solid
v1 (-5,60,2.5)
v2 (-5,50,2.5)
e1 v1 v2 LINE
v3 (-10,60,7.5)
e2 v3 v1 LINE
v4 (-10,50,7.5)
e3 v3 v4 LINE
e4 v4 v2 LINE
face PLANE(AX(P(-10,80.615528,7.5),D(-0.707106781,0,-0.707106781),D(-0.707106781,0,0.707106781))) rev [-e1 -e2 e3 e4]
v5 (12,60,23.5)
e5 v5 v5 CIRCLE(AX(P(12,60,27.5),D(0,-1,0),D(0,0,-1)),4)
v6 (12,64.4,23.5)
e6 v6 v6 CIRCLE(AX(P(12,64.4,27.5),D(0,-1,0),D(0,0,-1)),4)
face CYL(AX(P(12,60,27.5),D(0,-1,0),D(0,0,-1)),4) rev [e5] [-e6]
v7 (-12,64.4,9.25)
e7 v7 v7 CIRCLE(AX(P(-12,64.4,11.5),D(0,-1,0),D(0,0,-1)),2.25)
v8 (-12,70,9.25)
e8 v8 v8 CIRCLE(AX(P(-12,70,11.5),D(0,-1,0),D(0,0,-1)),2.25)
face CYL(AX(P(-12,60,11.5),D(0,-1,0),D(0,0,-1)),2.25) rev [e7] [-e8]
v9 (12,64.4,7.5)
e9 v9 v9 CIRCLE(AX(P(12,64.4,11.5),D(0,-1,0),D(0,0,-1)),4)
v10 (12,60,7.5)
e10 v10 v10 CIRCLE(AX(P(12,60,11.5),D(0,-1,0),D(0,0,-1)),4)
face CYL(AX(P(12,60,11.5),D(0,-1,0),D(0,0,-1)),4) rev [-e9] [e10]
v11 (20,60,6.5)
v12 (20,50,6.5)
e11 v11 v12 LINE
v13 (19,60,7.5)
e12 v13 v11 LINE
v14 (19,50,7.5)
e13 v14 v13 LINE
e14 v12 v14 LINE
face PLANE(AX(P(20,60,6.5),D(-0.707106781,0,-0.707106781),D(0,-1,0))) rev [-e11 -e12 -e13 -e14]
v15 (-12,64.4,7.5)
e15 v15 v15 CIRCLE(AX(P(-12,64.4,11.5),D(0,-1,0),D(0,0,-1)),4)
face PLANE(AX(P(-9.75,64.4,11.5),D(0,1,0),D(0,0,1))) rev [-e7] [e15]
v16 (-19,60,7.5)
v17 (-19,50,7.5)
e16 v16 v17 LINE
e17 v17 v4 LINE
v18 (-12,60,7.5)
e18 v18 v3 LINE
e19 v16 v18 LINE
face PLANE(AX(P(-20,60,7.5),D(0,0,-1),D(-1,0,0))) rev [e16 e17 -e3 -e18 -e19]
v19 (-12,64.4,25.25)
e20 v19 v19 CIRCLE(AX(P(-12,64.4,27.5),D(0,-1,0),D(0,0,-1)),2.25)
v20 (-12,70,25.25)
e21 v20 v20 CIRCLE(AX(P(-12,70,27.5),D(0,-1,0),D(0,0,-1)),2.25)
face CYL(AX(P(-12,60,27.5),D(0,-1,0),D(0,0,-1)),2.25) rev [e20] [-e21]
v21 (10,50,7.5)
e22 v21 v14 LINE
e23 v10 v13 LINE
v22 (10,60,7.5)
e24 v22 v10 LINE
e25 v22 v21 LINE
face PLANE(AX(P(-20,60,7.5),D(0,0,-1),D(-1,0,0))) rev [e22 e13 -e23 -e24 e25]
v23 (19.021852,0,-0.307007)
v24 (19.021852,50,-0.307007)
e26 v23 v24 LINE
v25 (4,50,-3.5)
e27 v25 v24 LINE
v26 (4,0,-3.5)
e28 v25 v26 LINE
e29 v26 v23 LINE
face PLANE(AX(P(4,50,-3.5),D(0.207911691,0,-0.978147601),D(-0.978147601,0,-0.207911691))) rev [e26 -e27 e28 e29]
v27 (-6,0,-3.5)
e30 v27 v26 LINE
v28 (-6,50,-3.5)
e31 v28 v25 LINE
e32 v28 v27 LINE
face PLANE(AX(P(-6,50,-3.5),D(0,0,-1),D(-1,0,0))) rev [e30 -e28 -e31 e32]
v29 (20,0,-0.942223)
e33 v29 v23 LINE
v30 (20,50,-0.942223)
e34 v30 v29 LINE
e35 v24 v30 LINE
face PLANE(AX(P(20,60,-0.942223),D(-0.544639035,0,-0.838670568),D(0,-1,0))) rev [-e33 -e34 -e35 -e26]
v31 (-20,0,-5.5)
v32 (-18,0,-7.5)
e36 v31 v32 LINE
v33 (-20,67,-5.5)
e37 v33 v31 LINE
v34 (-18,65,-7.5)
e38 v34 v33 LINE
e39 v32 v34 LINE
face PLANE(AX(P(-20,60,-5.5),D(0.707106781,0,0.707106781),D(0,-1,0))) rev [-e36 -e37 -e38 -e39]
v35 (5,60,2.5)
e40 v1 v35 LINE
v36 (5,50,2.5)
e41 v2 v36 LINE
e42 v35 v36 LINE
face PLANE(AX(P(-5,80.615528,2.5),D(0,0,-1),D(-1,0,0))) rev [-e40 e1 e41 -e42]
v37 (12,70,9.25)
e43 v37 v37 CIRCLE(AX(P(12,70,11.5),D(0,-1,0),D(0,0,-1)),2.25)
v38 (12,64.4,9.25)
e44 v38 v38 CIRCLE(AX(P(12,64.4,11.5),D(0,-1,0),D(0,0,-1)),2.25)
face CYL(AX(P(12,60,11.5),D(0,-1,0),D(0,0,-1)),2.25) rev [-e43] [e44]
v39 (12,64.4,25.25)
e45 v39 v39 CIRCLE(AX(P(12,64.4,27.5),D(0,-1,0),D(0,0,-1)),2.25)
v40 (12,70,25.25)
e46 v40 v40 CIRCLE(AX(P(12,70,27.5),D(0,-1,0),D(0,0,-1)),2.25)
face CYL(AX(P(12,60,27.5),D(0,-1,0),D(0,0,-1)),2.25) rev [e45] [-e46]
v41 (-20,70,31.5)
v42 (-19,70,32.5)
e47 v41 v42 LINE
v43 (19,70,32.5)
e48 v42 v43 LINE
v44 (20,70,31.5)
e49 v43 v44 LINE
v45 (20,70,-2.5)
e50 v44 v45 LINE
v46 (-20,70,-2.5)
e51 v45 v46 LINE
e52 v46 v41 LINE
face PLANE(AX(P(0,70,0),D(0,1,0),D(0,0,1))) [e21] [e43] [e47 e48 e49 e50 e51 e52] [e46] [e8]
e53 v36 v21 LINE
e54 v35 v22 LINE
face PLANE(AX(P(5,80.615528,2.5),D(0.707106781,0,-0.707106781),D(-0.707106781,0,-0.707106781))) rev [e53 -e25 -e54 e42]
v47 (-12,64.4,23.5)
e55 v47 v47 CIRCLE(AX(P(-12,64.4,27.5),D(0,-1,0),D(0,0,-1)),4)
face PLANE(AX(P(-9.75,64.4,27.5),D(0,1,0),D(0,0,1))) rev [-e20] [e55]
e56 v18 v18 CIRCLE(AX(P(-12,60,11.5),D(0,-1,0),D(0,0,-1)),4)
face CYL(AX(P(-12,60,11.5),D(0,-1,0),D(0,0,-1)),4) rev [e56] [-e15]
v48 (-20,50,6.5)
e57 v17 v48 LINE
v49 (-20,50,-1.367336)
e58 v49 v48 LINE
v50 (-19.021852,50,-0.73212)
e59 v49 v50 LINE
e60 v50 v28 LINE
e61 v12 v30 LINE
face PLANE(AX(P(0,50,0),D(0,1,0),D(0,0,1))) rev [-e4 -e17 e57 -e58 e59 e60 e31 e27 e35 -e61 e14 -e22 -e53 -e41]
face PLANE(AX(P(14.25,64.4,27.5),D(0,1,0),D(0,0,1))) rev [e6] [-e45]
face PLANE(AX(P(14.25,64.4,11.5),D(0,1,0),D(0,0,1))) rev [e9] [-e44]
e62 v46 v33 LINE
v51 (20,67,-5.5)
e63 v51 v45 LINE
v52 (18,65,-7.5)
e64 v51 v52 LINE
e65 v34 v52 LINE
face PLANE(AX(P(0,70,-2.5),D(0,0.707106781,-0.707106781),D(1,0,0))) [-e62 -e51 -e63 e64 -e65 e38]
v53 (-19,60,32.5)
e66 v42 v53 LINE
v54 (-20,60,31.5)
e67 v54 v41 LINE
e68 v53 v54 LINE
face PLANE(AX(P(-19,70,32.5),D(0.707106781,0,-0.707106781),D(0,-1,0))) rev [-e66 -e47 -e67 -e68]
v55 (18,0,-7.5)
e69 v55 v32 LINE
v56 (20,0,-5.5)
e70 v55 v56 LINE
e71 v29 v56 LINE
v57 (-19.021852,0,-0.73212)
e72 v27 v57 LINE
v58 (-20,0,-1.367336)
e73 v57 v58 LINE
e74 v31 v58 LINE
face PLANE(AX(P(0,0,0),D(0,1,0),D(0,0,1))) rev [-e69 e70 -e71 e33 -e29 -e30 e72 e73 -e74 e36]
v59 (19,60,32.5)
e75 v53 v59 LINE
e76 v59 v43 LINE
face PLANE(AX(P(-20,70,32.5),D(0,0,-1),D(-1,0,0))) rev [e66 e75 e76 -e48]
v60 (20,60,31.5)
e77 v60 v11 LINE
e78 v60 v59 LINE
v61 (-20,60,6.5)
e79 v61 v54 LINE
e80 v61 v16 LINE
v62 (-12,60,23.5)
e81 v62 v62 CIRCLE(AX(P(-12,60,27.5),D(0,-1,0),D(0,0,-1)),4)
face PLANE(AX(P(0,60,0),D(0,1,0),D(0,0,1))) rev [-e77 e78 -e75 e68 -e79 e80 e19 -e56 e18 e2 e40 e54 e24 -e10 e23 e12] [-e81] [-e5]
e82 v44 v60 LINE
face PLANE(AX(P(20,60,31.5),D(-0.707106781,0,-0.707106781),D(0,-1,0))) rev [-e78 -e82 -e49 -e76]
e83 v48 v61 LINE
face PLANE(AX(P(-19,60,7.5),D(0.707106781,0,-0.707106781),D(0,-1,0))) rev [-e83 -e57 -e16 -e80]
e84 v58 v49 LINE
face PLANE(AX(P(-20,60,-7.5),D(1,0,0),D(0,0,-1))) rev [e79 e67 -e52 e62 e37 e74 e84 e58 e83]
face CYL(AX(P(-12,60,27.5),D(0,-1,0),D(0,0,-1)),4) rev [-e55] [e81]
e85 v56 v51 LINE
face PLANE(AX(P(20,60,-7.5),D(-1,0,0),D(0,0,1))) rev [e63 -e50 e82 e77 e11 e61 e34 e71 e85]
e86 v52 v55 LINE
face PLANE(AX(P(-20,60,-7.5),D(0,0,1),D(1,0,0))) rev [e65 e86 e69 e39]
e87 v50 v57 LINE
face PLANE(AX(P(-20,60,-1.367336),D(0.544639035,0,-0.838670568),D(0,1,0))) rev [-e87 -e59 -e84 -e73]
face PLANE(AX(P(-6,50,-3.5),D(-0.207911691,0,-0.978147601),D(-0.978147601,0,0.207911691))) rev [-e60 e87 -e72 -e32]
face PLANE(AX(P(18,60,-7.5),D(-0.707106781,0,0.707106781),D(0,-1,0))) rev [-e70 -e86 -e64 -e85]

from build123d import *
from OCP.BRepFilletAPI import BRepFilletAPI_MakeChamfer

# Parameters (mm, degrees)
SKETCH_1_W                   = 40
SKETCH_1_H                   = 15
EXTRUDE_1_DEPTH              = 60
SKETCH_3_W                   = 40
SKETCH_3_H                   = 40
EXTRUDE_2_DEPTH              = 10
HOLE_WIZARD_M4_1_D           = 4.5
HOLE_WIZARD_M4_1_CBORE_D     = 8
HOLE_WIZARD_M4_1_CBORE_DEPTH = 4.4
CHAMFER_1_SIZE               = 5
CHAMFER_2_SIZE               = 2
CUT_EXTRUDE_2_DEPTH          = 50
CHAMFER_3_SIZE               = 1
CHAMFER_3_SIZE2              = 0.84312817
CUT_EXTRUDE_3_DEPTH          = 10
CHAMFER_4_SIZE               = 1


with BuildPart() as part:
    # 草图1 → 凸台-拉伸1 (new body)
    with BuildSketch(Plane(origin=(0, 0, 0), x_dir=(1, 0, 0), z_dir=(0, 1, 0))):
        Rectangle(SKETCH_1_W, SKETCH_1_H)
    extrude(amount=EXTRUDE_1_DEPTH)

    # 草图3 → 凸台-拉伸2 (add)
    with BuildSketch(Plane(origin=(0, 60, 0), x_dir=(1, 0, 0), z_dir=(0, 1, 0))):
        with Locations((0, -12.5)):
            Rectangle(SKETCH_3_W, SKETCH_3_H)
    extrude(amount=EXTRUDE_2_DEPTH)

    # M4 六角凹头螺钉的柱形沉头孔1 (through all)
    with Locations(Plane(origin=(0, 60, 0), x_dir=(-1, 0, 0), z_dir=(0, -1, 0))):
        with Locations((12, -11.5), (-12, -11.5), (12, -27.5), (-12, -27.5)):
            CounterBoreHole(HOLE_WIZARD_M4_1_D / 2, HOLE_WIZARD_M4_1_CBORE_D / 2, HOLE_WIZARD_M4_1_CBORE_DEPTH)

    # 倒角1
    chamfer_1_edges = [part.edges().sort_by_distance(p)[0] for p in [
        (0, 70, -7.5),
    ]]
    chamfer(chamfer_1_edges, length=CHAMFER_1_SIZE)

    # 倒角2
    chamfer_2_edges = [part.edges().sort_by_distance(p)[0] for p in [
        (-20, 32.5, -7.5),
        (20, 32.5, -7.5),
    ]]
    chamfer(chamfer_2_edges, length=CHAMFER_2_SIZE)

    # 草图7 → 切除-拉伸2 (cut)
    with BuildSketch(Plane.XZ):
        Polygon((-6, -3.5), (4, -3.5), (25.464703606, 1.062463596), (25.464703606, 11.878030996), (-23.00207338, 11.878030996), (-23.00207338, 0.113902259), align=None)
    extrude(amount=-CUT_EXTRUDE_2_DEPTH, mode=Mode.SUBTRACT)

    # 倒角3: one chamfer whose edges measure the first distance from different faces: ONE call of the kernel's chamfer builder (chamfer() names one face for all edges)
    chamfer_3_edges_1 = [part.edges().sort_by_distance(p)[0] for p in [
        (-20, 25, -0.524208137),
    ]]
    chamfer_3_side_1 = [part.faces().sort_by_distance(p)[0] for p in [
        (-13, 25, -2.012104068),
    ]]
    chamfer_3_edges_2 = [part.edges().sort_by_distance(p)[0] for p in [
        (20, 25, -0.099095013),
    ]]
    chamfer_3_side_2 = [part.faces().sort_by_distance(p)[0] for p in [
        (12, 25, -1.799547507),
    ]]
    chamfer_3 = BRepFilletAPI_MakeChamfer(part.part.solid().wrapped)
    for e in chamfer_3_edges_1:
        chamfer_3.Add(CHAMFER_3_SIZE, CHAMFER_3_SIZE2, e.wrapped, chamfer_3_side_1[0].wrapped)  # the first distance lies on this face
    for e in chamfer_3_edges_2:
        chamfer_3.Add(CHAMFER_3_SIZE, CHAMFER_3_SIZE2, e.wrapped, chamfer_3_side_2[0].wrapped)  # the first distance lies on this face
    add(Compound.cast(chamfer_3.Shape()), mode=Mode.REPLACE)

    # 草图8 → 切除-拉伸3 (cut)
    with BuildSketch(Plane.XZ.offset(-50)):
        Polygon((-10, 7.5), (-5, 2.5), (5, 2.5), (10, 7.5), align=None)
    extrude(amount=-CUT_EXTRUDE_3_DEPTH, mode=Mode.SUBTRACT)

    # 倒角4
    chamfer_4_edges = [part.edges().sort_by_distance(p)[0] for p in [
        (-20, 65, 32.5),
        (20, 65, 32.5),
        (-20, 55, 7.5),
        (20, 55, 7.5),
    ]]
    chamfer(chamfer_4_edges, length=CHAMFER_4_SIZE)


solid = part.part
